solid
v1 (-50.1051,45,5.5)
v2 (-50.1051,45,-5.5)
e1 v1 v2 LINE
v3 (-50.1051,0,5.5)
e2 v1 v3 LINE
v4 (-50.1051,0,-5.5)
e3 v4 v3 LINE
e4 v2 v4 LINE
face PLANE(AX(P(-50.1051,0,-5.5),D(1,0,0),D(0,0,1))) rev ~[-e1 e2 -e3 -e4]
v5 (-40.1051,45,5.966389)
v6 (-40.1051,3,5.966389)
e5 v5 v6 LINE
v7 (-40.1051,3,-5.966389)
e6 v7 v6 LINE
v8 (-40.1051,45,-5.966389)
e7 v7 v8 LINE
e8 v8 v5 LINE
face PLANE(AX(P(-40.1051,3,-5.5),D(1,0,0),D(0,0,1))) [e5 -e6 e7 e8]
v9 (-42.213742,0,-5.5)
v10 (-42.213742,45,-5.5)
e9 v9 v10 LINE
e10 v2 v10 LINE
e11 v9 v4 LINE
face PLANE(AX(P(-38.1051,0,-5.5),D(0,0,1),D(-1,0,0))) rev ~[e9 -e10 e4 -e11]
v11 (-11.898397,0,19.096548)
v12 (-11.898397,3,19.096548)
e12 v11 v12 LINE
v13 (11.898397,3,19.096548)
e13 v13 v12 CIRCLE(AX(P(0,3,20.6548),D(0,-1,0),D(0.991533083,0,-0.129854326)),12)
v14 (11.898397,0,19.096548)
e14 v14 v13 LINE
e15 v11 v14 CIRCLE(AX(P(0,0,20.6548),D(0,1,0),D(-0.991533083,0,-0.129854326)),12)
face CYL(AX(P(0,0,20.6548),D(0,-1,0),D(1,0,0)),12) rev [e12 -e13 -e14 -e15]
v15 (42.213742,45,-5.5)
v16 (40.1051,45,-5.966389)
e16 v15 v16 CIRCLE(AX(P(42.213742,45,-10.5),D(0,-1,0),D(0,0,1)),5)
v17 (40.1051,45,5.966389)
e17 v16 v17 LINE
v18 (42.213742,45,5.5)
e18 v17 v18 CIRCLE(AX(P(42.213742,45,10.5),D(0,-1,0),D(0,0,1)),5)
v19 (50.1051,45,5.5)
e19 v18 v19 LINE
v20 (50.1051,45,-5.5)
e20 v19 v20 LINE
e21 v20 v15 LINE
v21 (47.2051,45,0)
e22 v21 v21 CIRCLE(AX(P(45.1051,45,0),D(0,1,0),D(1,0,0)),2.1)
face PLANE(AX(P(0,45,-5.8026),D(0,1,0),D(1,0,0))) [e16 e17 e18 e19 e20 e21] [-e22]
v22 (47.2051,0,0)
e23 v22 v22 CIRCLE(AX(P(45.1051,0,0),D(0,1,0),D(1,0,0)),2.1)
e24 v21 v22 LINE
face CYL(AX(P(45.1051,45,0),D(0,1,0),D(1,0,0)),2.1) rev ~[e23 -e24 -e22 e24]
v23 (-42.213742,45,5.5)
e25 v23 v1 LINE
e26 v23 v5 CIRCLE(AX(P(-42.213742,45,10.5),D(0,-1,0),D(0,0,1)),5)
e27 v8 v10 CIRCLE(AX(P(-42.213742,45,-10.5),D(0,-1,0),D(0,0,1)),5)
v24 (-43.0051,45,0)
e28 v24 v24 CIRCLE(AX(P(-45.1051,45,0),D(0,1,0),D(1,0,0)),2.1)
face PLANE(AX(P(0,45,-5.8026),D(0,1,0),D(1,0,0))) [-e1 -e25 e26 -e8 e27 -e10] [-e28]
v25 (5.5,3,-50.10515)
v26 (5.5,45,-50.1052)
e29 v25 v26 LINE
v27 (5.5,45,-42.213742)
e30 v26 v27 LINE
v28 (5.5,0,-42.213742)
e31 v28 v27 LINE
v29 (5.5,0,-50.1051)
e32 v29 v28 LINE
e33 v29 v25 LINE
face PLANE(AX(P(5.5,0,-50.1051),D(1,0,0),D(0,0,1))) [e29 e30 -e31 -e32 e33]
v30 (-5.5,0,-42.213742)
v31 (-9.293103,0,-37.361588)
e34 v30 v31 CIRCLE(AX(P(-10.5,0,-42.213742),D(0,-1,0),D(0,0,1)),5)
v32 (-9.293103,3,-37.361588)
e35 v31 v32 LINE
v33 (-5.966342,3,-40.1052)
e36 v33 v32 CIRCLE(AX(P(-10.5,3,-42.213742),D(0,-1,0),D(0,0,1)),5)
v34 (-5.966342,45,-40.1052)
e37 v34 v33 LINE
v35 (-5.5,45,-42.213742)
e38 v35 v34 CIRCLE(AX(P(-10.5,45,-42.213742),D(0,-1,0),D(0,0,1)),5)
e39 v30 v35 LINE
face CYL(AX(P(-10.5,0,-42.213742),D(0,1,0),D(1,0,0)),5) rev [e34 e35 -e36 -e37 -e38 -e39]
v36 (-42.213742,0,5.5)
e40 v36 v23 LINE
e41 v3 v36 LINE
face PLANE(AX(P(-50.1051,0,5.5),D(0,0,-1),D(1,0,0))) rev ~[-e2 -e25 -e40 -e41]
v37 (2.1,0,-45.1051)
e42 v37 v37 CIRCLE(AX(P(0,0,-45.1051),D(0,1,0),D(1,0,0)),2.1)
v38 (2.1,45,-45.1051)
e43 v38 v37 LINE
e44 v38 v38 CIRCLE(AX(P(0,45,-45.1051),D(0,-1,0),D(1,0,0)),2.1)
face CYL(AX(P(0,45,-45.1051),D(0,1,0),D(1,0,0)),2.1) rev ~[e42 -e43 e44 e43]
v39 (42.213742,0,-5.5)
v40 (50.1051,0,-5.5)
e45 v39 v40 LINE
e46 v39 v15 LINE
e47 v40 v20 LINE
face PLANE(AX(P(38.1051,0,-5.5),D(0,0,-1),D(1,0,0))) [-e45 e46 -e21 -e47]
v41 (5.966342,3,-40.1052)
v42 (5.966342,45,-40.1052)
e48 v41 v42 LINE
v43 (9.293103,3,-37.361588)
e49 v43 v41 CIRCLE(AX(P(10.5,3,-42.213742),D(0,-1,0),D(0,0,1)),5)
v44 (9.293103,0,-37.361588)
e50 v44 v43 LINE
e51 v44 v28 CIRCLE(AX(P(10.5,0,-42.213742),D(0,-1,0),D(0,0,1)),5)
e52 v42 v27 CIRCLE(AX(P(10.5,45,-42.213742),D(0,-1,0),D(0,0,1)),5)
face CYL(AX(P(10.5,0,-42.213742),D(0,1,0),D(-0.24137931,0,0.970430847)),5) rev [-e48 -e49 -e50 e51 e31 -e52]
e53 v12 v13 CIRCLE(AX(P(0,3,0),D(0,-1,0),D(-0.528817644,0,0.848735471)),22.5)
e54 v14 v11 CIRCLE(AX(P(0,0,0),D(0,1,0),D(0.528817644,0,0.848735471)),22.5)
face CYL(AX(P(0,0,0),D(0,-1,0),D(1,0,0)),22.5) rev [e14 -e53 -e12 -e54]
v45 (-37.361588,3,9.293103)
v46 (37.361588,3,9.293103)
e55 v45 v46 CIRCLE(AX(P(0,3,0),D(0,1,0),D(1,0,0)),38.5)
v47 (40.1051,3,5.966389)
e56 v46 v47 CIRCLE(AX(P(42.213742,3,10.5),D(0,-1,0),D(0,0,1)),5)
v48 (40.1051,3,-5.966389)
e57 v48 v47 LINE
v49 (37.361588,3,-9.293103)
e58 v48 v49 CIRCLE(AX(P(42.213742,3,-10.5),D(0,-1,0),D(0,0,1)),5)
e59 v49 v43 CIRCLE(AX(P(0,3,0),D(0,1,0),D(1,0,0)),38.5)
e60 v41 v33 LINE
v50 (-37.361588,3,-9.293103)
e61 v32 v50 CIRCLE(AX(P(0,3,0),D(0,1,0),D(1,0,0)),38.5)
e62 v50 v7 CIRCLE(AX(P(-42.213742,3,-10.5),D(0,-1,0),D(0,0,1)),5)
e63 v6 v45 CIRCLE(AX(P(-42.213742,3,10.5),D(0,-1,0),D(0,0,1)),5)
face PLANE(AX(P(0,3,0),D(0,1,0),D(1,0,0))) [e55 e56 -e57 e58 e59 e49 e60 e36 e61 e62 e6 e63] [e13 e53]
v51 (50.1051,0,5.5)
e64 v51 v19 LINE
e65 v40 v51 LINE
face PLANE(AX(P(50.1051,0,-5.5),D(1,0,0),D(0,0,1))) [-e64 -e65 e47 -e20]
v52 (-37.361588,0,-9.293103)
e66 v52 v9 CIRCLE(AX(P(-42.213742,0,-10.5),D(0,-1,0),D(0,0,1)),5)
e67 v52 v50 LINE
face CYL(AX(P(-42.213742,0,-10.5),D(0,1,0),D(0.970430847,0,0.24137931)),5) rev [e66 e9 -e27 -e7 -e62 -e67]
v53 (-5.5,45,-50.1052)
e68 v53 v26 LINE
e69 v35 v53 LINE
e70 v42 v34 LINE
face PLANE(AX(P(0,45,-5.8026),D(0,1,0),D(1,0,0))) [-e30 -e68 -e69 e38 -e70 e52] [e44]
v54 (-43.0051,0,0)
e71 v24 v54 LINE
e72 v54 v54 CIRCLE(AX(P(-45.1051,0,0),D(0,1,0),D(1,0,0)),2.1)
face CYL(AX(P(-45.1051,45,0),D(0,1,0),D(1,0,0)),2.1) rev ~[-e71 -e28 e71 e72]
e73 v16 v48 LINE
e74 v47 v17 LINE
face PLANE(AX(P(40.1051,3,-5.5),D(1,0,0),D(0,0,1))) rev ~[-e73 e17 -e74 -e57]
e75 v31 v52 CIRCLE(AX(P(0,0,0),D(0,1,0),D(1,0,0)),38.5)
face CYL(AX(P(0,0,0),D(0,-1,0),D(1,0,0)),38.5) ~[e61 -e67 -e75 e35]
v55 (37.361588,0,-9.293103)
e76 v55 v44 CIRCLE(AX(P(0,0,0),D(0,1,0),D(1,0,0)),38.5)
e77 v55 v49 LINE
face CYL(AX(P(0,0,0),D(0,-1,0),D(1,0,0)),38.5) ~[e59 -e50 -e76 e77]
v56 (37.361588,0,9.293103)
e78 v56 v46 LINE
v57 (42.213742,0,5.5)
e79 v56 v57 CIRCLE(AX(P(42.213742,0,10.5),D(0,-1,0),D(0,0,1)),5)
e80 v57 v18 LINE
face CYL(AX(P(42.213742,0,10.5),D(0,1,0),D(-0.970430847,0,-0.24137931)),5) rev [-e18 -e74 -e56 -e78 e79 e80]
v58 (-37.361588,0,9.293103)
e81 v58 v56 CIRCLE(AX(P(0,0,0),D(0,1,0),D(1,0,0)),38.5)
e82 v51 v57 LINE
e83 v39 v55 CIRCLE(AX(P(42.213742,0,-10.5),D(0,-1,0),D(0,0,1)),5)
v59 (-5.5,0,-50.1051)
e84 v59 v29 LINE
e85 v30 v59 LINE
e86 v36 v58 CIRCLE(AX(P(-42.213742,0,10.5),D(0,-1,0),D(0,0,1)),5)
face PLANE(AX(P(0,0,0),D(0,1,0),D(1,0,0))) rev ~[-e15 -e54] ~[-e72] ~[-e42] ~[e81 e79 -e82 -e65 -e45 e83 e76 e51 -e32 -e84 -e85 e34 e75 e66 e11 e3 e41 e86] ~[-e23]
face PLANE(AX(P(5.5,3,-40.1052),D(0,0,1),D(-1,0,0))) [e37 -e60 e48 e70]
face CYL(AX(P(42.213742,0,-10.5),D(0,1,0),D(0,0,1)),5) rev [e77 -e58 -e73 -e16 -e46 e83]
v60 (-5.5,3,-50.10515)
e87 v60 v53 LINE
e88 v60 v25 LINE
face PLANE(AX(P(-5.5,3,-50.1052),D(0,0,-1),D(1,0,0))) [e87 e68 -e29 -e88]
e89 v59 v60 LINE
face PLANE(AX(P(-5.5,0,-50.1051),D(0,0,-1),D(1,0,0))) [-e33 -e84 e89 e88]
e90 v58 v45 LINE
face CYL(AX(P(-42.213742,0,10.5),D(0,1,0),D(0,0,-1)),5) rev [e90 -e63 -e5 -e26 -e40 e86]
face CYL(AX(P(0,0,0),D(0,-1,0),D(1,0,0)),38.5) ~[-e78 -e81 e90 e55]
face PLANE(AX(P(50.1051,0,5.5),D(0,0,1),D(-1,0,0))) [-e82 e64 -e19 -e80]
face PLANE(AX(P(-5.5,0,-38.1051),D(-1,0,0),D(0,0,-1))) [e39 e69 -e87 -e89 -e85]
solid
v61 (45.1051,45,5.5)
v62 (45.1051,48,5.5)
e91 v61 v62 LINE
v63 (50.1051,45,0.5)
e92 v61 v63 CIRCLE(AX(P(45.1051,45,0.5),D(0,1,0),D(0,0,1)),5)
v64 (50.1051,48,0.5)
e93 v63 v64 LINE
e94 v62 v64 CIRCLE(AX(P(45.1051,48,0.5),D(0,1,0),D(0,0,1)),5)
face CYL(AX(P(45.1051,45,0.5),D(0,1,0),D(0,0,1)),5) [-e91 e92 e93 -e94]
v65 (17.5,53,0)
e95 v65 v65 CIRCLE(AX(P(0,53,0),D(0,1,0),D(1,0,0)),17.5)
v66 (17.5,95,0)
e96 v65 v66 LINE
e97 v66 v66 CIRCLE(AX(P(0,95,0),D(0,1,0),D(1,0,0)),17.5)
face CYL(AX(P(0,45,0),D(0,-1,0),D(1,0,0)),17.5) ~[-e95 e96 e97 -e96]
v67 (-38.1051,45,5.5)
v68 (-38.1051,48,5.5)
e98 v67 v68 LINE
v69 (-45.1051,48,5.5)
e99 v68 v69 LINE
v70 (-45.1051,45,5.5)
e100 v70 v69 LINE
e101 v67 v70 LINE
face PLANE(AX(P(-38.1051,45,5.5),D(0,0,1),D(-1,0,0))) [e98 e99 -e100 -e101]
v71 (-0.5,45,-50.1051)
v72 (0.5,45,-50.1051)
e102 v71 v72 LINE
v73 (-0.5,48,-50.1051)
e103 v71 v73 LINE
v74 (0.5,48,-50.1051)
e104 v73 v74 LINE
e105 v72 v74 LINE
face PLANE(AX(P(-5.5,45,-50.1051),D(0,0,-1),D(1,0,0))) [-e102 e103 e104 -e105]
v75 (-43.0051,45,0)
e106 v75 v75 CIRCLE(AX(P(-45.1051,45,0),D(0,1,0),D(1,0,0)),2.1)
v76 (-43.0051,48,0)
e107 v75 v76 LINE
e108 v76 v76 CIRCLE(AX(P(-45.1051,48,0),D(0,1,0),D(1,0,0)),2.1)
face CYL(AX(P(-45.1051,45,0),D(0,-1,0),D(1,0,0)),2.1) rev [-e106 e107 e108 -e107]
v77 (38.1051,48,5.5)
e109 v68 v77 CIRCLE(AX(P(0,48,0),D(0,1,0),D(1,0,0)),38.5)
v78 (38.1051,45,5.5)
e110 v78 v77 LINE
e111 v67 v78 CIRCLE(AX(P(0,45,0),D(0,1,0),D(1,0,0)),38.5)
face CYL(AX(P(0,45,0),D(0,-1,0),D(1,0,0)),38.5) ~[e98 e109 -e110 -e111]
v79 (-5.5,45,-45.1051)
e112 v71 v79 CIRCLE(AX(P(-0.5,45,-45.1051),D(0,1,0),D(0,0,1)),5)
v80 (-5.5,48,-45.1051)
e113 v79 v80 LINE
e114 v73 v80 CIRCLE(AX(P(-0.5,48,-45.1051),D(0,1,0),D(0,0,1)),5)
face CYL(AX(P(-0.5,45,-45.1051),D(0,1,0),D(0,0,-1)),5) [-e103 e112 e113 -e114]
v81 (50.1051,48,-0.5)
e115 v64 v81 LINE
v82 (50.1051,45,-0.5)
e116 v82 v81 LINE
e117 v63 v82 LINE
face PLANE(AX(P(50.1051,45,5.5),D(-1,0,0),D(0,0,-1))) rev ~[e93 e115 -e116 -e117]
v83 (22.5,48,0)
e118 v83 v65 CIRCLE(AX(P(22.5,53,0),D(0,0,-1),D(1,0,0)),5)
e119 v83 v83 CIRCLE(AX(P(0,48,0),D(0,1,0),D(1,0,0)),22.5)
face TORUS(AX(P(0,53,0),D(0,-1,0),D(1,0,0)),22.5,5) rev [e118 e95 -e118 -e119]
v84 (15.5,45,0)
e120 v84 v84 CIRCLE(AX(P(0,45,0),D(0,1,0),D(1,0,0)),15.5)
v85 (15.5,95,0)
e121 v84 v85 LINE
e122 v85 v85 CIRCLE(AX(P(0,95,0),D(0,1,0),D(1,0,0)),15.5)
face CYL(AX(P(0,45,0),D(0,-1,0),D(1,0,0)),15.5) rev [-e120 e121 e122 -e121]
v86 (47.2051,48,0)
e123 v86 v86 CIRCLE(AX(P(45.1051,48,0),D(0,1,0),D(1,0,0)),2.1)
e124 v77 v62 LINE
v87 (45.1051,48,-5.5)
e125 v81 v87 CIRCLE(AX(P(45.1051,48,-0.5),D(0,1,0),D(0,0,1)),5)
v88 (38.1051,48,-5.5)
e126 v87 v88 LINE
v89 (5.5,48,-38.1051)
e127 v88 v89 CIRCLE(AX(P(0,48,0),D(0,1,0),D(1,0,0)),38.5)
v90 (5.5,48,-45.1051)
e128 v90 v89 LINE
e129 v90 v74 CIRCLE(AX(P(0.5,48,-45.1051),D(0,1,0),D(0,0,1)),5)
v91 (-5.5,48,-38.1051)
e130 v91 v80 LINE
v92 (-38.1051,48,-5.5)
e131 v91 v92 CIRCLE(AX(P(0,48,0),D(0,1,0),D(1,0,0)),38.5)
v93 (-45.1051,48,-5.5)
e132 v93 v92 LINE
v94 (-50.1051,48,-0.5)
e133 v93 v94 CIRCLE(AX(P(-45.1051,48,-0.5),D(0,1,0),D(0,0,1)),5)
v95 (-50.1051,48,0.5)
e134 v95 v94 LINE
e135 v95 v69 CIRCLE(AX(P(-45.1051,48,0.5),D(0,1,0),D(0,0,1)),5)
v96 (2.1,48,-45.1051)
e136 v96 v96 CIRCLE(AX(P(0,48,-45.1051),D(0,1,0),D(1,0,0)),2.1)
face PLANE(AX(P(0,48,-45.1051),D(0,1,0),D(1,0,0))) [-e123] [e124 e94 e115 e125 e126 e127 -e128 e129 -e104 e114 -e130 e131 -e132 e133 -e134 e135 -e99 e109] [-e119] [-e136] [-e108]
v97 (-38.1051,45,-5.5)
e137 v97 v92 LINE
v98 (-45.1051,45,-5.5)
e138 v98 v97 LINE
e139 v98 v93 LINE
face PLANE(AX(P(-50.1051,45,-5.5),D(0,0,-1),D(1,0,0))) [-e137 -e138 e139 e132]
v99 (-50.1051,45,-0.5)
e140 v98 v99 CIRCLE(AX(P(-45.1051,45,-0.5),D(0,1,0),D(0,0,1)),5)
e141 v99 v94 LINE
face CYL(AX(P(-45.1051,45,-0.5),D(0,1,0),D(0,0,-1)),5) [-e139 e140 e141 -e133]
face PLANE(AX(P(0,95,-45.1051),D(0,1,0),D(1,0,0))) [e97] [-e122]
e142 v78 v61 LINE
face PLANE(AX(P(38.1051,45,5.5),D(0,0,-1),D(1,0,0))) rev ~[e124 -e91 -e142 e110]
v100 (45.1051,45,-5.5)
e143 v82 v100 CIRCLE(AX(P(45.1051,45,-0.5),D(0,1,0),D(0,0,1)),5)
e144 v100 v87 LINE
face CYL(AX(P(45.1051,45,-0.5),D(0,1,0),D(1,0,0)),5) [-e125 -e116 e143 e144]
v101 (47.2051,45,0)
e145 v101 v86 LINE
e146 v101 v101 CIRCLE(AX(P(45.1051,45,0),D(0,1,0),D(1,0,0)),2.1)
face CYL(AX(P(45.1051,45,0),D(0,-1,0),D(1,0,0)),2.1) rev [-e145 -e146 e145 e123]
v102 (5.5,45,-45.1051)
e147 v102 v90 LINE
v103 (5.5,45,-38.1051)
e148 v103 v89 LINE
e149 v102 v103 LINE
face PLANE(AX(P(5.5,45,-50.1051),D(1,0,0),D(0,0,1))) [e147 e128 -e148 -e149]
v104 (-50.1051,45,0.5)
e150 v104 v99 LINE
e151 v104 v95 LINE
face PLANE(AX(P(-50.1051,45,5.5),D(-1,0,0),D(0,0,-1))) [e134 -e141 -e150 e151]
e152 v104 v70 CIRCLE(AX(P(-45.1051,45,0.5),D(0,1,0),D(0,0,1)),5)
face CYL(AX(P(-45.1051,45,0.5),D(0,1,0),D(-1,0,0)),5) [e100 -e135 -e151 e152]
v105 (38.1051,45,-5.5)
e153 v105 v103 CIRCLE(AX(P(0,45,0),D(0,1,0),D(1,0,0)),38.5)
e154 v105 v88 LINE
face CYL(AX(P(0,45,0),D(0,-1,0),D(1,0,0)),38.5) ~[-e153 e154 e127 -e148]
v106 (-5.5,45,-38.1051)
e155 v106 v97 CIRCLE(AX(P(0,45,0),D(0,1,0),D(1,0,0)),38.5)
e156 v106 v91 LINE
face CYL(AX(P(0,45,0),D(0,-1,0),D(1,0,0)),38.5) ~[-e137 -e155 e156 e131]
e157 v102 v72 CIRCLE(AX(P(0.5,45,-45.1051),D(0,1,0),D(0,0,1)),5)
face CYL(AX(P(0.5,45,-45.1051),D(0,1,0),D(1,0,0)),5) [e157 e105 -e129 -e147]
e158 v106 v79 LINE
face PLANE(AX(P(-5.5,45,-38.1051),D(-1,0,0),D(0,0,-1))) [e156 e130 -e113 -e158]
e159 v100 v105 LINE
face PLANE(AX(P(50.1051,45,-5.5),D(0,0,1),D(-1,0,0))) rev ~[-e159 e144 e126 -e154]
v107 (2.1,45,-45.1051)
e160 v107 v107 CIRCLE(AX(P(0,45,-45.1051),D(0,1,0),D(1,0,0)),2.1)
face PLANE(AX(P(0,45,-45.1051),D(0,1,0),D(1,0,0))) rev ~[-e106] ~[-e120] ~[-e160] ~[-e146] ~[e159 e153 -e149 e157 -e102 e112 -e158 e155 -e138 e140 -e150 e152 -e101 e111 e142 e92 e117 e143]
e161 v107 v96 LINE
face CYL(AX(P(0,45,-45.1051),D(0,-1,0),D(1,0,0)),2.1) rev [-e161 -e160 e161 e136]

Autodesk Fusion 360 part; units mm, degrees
sketch "Sketch1" plane through (0, 0, 0) normal (0, 1, 0) x (1, 0, 0)
  circle A0 centre (0, 0) radius 22.5
  circle A1 centre (0, 0) radius 38.5
  line L0 (0, 0) -> (0, 100.2102) construction
  line L1 (0, 0) -> (100.2102, 0) construction
  line L2 (38.1051, 5.5) -> (50.1051, 5.5)
  line L3 (50.1051, 5.5) -> (50.1051, -5.5)
  line L4 (50.1051, -5.5) -> (38.1051, -5.5)
  line L5 (-50.1051, -5.5) -> (-38.1051, -5.5)
  line L6 (-38.1051, 5.5) -> (-50.1051, 5.5)
  line L7 (-50.1051, 5.5) -> (-50.1051, -5.5)
  line L8 (-5.5, 50.1051) -> (5.5, 50.1051)
  line L9 (5.5, 50.1051) -> (5.5, 38.1051)
  line L10 (-5.5, 38.1051) -> (-5.5, 50.1051)
  line L11 (0, 0) -> (0, -42.9261) construction
  circle A2 centre (0, -20.6548) radius 12
  dimension "d1" = 45
  dimension "d2" = 16
  dimension "d4" = 11
  dimension "d5" = 12
  dimension "d8" = 24
extrude "Extrude1" add sketch "Sketch1" along normal blind 3 makes body 1 in component "Body"
ref_plane "WorkPlane1" through (0, 3, -5.8026) normal (0, 1, 0) x (1, 0, 0)
sketch "Sketch2" plane through (0, 3, -5.8026) normal (0, 1, 0) x (1, 0, 0)
  line L0 (-5.5, 44.3026) -> (5.5, 44.3026)
  line L1 (5.5, 44.3026) -> (5.5, 34.3026)
  line L2 (5.5, 34.3026) -> (-5.5, 34.3026)
  line L3 (-5.5, 34.3026) -> (-5.5, 44.3026)
  line L4 (-50.1051, -0.3026) -> (-40.1051, -0.3026)
  line L5 (-40.1051, -0.3026) -> (-40.1051, -11.3026)
  line L6 (-40.1051, -11.3026) -> (-50.1051, -11.3026)
  line L7 (-50.1051, -11.3026) -> (-50.1051, -0.3026)
  line L8 (0, 0) -> (0, 69.9083) construction
  line L9 (50.1051, -11.3026) -> (50.1051, -0.3026)
  line L10 (40.1051, -0.3026) -> (40.1051, -11.3026)
  line L11 (40.1051, -11.3026) -> (50.1051, -11.3026)
  line L12 (50.1051, -0.3026) -> (40.1051, -0.3026)
  point P0 (-5.5, 44.3026)
  point P1 (5.5, 44.3026)
  point P2 (-50.1051, -11.3026)
  point P3 (-50.1051, -0.3026)
  point P4 (50.1051, -0.3026)
  point P5 (50.1051, -11.3026)
  dimension "d10" = 10
extrude "Extrude2" add sketch "Sketch2" along normal blind 42 bodies 1 in component "Body"
ref_plane "WorkPlane2" through (0, 45, -45.1051) normal (0, 1, 0) x (0, 0, 1)
sketch "Sketch3" plane through (0, 45, -45.1051) normal (0, 1, 0) x (1, 0, 0)
  circle A0 centre (0, 0) radius 2.1
  line L0 (-45.1051, -39.6051) -> (-45.1051, -50.6051) construction
  line L1 (-50.1051, -45.1051) -> (-40.1051, -45.1051) construction
  line L2 (-40.1051, -39.6051) -> (-50.1051, -39.6051) construction
  line L3 (-50.1051, -50.6051) -> (-40.1051, -50.6051) construction
  line L4 (-50.1051, -39.6051) -> (-50.1051, -50.6051) construction
  line L5 (-40.1051, -50.6051) -> (-40.1051, -39.6051) construction
  circle A1 centre (-45.1051, -45.1051) radius 2.1
  line L6 (0, 33.7384) -> (0, -58.8388)
  circle A2 centre (45.1051, -45.1051) radius 2.1
  dimension "d14" = 4.2
extrude "Extrude3" cut sketch "Sketch3" against normal up to surface (45 mm away) bodies 1 in component "Body"
ref_plane "WorkPlane3" through (0, 45, -45.1051) normal (0, 1, 0) x (0, 0, 1)
sketch "Sketch4" plane through (0, 45, -45.1051) normal (0, 1, 0) x (1, 0, 0)
  circle A0 centre (0, -45.1051) radius 38.5
  arc A1 (-5.5, -7) -> (-38.1051, -39.6051) centre (0, -45.1051) ccw
  line L0 (-5.5, 5) -> (5.5, 5)
  line L1 (5.5, 5) -> (5.5, -7)
  line L2 (-5.5, -7) -> (-5.5, 5)
  line L3 (-50.1051, -39.6051) -> (-38.1051, -39.6051)
  line L4 (-38.1051, -50.6051) -> (-50.1051, -50.6051)
  line L5 (-50.1051, -50.6051) -> (-50.1051, -39.6051)
  line L6 (0, -45.1051) -> (0, 55.1083) construction
  circle A2 centre (-45.1051, -45.1051) radius 2.1
  circle A3 centre (-45.1051, -45.1051) radius 2.1
  circle A4 centre (0, 0) radius 2.1
  circle A5 centre (45.1051, -45.1051) radius 2.1
  line L7 (50.1051, -39.6051) -> (38.1051, -39.6051)
  circle A6 centre (45.1051, -45.1051) radius 2.1
  line L8 (38.1051, -50.6051) -> (50.1051, -50.6051)
  line L9 (50.1051, -50.6051) -> (50.1051, -39.6051)
  circle A7 centre (0, -45.1051) radius 15.5
  circle A8 centre (0, -45.1051) radius 17.5
  circle A9 centre (0, 0) radius 2.1
  point P0 (-5.5, 5)
  point P1 (5.5, 5)
  point P2 (-50.1051, -39.6051)
  point P3 (-50.1051, -50.6051)
  point P4 (50.1051, -50.6051)
  point P5 (38.1051, -39.6051)
  point P6 (50.1051, -39.6051)
  dimension "d28" = 2
  dimension "d29" = 35
extrude "Extrude2'" add sketch "Sketch4" along normal blind 50 separate body contours A8 makes body 2
extrude "Extrude1'" add sketch "Sketch4" along normal blind 3 contours A0 A1 | A0 L7 L8 L9 | A0 L0 L1 L2 | A0 L3 L4 L5 bodies 2
copy_body "Body->Comp1" bodies 2 removing the originals makes body 3 in component "Top"
fillet "Fillet1" radius 5 6 edges at (50.1051, 46.5, 5.5) (50.1051, 46.5, -5.5) (-5.5, 46.5, -50.1051) (5.5, 46.5, -50.1051) (-50.1051, 46.5, -5.5) (-50.1051, 46.5, 5.5) on bodies 3 in component "Top"
fillet "Fillet2" radius 5 1 edges at (-16.3157, 48, 6.3283) on bodies 3 in component "Top"
fillet "Fillet3" radius 5 6 edges at (38.1051, 1.5, 5.5) (38.1051, 1.5, -5.5) (5.5, 1.5, -38.1051) (-5.5, 1.5, -38.1051) (-38.1051, 1.5, -5.5) (-38.1051, 1.5, 5.5) on bodies 1 in component "Body"
component "Body" placed x (1, 0, 0) y (0, 1, 0) z (0, 0, 1) at (0, 0, 0)
component "Top" placed x (1, 0, 0) y (0, 1, 0) z (0, 0, 1) at (0, 0, 0)
